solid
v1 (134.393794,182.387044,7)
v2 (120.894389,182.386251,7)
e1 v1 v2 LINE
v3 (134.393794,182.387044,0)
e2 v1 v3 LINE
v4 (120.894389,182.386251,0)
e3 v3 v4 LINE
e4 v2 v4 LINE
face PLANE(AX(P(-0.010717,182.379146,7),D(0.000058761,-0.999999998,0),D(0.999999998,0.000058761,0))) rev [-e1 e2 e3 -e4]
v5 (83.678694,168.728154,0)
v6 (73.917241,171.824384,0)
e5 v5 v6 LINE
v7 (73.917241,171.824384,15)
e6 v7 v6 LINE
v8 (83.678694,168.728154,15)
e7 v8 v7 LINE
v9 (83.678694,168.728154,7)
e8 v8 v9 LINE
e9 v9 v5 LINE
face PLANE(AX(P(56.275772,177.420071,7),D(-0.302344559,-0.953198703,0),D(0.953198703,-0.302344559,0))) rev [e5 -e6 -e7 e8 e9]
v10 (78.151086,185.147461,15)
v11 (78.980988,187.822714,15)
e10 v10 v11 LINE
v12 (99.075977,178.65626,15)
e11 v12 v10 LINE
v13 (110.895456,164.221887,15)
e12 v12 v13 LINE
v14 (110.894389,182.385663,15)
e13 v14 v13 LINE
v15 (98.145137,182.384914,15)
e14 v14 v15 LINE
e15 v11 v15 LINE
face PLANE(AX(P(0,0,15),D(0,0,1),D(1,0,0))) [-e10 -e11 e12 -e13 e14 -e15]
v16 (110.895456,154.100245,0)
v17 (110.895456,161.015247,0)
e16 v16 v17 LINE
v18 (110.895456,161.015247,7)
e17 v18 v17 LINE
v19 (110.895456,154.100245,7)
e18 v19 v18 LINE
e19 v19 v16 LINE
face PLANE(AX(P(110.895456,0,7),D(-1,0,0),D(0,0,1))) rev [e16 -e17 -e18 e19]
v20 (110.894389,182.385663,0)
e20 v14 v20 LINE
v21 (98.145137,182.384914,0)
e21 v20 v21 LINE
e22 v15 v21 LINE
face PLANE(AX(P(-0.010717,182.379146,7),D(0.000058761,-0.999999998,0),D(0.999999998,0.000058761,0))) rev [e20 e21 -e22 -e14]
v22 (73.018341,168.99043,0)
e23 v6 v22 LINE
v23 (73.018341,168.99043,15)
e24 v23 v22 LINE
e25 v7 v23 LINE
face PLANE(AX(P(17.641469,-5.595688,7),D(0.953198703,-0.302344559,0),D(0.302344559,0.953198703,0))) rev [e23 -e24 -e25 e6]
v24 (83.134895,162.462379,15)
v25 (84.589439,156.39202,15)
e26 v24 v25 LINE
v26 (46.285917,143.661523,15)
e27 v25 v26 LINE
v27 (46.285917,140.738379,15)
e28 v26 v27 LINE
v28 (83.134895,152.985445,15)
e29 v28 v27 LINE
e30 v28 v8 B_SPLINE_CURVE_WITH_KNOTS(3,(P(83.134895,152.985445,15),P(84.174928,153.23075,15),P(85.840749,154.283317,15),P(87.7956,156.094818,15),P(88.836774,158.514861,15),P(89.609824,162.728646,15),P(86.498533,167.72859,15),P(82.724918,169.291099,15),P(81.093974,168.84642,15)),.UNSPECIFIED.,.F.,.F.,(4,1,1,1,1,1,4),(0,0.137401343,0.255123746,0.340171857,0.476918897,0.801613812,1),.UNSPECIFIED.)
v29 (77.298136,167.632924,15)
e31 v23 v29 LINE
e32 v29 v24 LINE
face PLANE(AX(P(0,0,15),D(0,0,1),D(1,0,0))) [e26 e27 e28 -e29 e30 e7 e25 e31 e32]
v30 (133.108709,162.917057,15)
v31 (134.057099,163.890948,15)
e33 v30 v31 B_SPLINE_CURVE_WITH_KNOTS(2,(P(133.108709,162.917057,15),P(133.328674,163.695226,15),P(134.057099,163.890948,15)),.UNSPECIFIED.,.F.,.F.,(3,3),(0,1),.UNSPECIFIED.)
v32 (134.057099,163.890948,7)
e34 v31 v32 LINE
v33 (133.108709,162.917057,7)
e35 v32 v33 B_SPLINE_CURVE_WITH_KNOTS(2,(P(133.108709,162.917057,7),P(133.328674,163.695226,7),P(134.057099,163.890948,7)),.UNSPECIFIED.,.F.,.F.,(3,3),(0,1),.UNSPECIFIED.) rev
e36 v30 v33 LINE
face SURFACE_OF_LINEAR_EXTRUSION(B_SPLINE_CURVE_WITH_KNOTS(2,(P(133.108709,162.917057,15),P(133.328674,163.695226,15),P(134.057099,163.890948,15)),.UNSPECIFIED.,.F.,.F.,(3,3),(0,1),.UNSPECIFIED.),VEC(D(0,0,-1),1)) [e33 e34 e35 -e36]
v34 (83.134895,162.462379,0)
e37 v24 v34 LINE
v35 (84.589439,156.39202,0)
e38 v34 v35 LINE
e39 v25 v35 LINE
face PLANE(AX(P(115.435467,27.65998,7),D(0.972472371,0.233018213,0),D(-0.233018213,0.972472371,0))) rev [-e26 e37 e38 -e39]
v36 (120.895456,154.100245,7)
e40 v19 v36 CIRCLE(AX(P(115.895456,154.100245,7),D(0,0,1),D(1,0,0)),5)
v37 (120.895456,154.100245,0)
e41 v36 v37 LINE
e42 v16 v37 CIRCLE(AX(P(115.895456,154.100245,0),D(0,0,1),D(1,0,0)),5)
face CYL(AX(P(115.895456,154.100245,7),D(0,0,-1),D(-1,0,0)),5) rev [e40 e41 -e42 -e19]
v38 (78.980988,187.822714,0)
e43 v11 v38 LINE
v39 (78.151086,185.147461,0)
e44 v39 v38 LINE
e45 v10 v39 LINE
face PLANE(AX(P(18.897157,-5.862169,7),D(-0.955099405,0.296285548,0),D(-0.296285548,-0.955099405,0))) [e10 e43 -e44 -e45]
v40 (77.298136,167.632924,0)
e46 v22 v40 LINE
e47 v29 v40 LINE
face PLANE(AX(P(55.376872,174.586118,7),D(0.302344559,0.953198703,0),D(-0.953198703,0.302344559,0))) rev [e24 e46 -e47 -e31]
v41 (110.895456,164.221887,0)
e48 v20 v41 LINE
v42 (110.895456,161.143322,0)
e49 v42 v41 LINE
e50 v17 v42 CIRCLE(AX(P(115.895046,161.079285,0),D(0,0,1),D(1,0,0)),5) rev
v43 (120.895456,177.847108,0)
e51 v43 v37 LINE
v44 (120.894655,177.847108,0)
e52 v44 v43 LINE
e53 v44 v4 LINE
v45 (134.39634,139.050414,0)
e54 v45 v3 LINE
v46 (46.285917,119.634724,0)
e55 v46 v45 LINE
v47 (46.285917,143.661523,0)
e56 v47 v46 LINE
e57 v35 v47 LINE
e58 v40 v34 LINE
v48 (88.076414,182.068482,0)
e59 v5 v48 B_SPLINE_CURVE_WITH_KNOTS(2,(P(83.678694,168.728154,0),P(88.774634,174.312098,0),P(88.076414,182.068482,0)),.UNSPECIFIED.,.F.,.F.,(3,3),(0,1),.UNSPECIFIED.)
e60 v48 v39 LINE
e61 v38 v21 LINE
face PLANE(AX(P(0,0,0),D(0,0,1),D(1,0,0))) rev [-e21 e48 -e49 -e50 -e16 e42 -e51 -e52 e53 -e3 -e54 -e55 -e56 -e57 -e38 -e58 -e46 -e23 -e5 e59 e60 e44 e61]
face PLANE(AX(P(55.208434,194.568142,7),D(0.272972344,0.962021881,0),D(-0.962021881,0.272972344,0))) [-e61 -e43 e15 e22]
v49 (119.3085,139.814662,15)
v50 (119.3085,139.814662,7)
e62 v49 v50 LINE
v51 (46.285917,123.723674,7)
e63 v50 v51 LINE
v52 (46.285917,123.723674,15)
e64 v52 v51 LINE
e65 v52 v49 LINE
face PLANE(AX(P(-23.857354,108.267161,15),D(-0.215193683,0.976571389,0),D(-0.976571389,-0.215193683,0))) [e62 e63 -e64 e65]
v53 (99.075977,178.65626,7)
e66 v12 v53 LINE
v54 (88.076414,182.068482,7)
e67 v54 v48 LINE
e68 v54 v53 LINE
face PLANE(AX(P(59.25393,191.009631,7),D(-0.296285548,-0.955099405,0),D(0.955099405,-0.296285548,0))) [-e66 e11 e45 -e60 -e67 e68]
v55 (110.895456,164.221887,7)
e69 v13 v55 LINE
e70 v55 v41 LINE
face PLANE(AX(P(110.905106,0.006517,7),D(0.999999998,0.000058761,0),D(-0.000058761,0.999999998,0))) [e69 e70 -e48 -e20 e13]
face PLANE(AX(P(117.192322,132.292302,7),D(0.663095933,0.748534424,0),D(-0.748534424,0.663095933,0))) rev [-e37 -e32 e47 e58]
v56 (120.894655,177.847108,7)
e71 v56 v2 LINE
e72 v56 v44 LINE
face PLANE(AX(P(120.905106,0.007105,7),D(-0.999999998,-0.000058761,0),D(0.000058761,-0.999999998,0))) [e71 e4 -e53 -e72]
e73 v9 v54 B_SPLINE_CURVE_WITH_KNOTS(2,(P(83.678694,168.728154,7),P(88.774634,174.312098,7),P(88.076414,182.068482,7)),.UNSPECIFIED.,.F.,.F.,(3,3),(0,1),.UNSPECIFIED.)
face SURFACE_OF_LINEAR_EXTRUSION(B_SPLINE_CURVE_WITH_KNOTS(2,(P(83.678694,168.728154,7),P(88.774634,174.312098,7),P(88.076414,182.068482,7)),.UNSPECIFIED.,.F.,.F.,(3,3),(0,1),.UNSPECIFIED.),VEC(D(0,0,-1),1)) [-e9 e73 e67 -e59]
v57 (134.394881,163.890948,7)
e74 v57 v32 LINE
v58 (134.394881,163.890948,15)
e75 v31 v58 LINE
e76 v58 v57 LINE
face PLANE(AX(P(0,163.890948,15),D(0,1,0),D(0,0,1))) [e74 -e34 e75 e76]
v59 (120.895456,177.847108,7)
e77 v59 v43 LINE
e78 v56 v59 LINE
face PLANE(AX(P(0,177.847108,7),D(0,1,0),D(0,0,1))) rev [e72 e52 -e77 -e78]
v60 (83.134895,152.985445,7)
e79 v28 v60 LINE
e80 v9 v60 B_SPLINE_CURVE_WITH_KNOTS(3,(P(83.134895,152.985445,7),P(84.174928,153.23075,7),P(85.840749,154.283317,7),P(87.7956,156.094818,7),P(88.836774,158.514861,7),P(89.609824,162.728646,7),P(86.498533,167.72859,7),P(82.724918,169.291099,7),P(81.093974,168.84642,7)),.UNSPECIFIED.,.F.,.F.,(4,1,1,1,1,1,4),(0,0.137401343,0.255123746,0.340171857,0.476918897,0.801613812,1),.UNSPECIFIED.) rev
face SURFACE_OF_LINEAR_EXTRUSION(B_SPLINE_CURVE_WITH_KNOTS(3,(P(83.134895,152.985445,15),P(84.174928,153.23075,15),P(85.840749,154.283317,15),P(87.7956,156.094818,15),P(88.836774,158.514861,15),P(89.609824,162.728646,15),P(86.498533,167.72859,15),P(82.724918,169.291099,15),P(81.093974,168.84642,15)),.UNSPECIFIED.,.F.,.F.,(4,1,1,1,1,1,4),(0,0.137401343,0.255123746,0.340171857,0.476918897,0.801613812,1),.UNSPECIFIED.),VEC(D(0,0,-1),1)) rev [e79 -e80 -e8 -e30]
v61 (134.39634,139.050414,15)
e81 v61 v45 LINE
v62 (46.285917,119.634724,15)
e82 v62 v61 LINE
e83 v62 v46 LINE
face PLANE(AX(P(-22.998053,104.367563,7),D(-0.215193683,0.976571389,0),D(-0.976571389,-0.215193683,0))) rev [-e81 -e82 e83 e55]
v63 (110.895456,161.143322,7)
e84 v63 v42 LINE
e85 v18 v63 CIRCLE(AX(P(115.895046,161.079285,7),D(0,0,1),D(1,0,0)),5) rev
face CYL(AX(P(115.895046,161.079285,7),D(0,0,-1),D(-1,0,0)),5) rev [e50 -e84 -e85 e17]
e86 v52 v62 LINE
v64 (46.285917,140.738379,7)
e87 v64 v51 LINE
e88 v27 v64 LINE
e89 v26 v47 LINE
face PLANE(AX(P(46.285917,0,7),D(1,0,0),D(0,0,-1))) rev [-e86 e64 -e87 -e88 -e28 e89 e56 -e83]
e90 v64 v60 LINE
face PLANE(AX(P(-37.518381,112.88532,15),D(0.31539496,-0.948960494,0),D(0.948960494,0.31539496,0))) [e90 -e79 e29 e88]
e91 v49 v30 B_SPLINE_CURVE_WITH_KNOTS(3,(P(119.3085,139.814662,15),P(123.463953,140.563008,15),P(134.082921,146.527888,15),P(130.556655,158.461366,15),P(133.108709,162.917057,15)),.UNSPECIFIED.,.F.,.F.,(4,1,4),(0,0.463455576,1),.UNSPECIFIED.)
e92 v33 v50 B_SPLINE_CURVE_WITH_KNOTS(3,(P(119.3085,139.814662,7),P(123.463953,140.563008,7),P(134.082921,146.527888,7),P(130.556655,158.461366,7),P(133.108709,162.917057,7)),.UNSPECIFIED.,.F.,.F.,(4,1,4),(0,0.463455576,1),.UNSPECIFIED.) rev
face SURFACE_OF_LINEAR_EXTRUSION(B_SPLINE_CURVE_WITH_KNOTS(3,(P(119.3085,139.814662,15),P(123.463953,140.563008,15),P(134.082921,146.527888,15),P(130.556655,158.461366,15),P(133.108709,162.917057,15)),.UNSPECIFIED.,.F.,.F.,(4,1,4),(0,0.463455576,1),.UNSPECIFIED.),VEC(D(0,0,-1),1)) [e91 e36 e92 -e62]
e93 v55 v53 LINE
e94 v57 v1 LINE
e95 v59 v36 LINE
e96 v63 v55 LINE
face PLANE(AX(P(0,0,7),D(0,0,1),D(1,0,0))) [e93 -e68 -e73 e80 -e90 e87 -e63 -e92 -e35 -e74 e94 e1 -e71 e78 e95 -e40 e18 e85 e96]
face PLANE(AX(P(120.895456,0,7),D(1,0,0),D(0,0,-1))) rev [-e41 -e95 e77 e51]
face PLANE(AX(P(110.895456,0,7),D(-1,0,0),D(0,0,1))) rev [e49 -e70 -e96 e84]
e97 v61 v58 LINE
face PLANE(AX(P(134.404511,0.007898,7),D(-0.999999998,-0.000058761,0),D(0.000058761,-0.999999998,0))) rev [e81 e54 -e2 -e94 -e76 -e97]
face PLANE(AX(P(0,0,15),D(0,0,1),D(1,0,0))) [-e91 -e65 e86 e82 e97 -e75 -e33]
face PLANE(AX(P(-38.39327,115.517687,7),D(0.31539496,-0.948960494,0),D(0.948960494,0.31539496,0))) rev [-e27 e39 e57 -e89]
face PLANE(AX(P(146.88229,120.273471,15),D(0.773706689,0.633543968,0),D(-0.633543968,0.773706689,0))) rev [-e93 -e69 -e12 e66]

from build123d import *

# Parameters (mm, degrees)
BOSS_EXTRUDE1_DEPTH = 7
BOSS_EXTRUDE3_DEPTH = 15


with BuildPart() as part:
    # Sketch2 → Boss-Extrude1 (new body)
    with BuildSketch(Plane.XY):
        with BuildLine():
            Line((46.285916799, 119.634724339), (134.396340404, 139.050413551))
            Line((134.396340404, 139.050413551), (134.39379389, 182.38704377))
            Line((134.39379389, 182.38704377), (120.894388682, 182.386250529))
            Line((120.894388682, 182.386250529), (120.894655408, 177.847108131))
            Line((120.894655408, 177.847108131), (120.895456025, 177.847108131))
            Line((120.895456025, 177.847108131), (120.895456025, 154.100245399))
            ThreePointArc((120.895456025, 154.100245399), (115.895456025, 149.100245399), (110.895456025, 154.100245399))
            Line((110.895456025, 154.100245399), (110.895456025, 164.221886849))
            Line((110.895456025, 164.221886849), (110.894388699, 182.385662916))
            Line((110.894388699, 182.385662916), (98.145136748, 182.384913754))
            Line((98.145136748, 182.384913754), (78.980988049, 187.822713754))
            Line((78.980988049, 187.822713754), (78.151086328, 185.147461295))
            Line((78.151086328, 185.147461295), (88.076413708, 182.068482243))
            add(Edge.make_bspline(
                [(83.678693998, 168.728153838), (88.77463375, 174.312097996), (88.076413708, 182.068482243)],
                knots=[0, 0, 0, 1, 1, 1], degree=2))
            Line((83.678693998, 168.728153838), (73.917241092, 171.824383576))
            Line((73.917241092, 171.824383576), (73.018341013, 168.990430176))
            Line((73.018341013, 168.990430176), (77.298136398, 167.632924294))
            Line((77.298136398, 167.632924294), (83.134894854, 162.46237946))
            Line((83.134894854, 162.46237946), (84.589439396, 156.392019708))
            Line((84.589439396, 156.392019708), (46.285916799, 143.661523495))
            Line((46.285916799, 143.661523495), (46.285916799, 119.634724339))
        make_face()
    extrude(amount=BOSS_EXTRUDE1_DEPTH)

    # Sketch2<5> → Boss-Extrude3 (add)
    with BuildSketch(Plane.XY):
        Polygon((87.058472282, 182.384262288), (88.076413708, 182.068482243), (99.075977115, 178.656259752), (110.895456025, 164.221886849), (110.895184282, 168.846419808), (110.894388699, 182.385662916), (98.145136748, 182.384913754), align=None)
        Polygon((78.151086328, 185.147461295), (87.058472282, 182.384262288), (98.145136748, 182.384913754), (78.980988049, 187.822713754), align=None)
        with BuildLine():
            Line((46.285916799, 143.661523495), (46.285916799, 140.73837931))
            Line((46.285916799, 140.73837931), (83.134894854, 152.985445474))
            add(Edge.make_bspline(
                [(83.134894854, 152.985445474), (84.174927516, 153.23074968), (85.840748742, 154.28331709), (87.795600381, 156.094817729), (88.836774052, 158.514861149), (89.609824294, 162.728645553), (87.029154532, 166.875865112), (84.288075, 168.507673549), (83.678693998, 168.728153838)],
                knots=[0, 0, 0, 0, 0.137401343, 0.255123746, 0.340171857, 0.476918897, 0.801613812, 0.887468334, 0.887468334, 0.887468334, 0.887468334], degree=3))
            Line((83.678693998, 168.728153838), (83.308823, 168.845473012))
            add(Edge.make_bspline(
                [(83.308823, 168.845473012), (82.615828523, 169.034245679), (81.877979683, 169.060179847), (81.093974035, 168.846419773)],
                knots=[0.904634429, 0.904634429, 0.904634429, 0.904634429, 1, 1, 1, 1], degree=3))
            Line((81.093974035, 168.846419773), (77.298136398, 167.632924294))
            Line((77.298136398, 167.632924294), (83.134894854, 162.46237946))
            Line((83.134894854, 162.46237946), (84.589439396, 156.392019708))
            Line((84.589439396, 156.392019708), (46.285916799, 143.661523495))
        make_face()
        with BuildLine():
            Line((73.018341013, 168.990430176), (77.298136398, 167.632924294))
            Line((77.298136398, 167.632924294), (81.093974035, 168.846419773))
            add(Edge.make_bspline(
                [(83.308823, 168.845473012), (82.615828523, 169.034245679), (81.877979683, 169.060179847), (81.093974035, 168.846419773)],
                knots=[0.904634429, 0.904634429, 0.904634429, 0.904634429, 1, 1, 1, 1], degree=3))
            Line((83.308823, 168.845473012), (73.917241092, 171.824383576))
            Line((73.917241092, 171.824383576), (73.018341013, 168.990430176))
        make_face()
        with BuildLine():
            Line((119.308499738, 139.814661997), (46.285916799, 123.723673918))
            Line((46.285916799, 123.723673918), (46.285916799, 119.634724339))
            Line((46.285916799, 119.634724339), (134.396340404, 139.050413551))
            Line((134.396340404, 139.050413551), (134.394880743, 163.890947893))
            Line((134.394880743, 163.890947893), (134.0570987, 163.890947893))
            add(Edge.make_bspline(
                [(133.108709045, 162.9170571), (133.328673606, 163.695225929), (134.0570987, 163.890947893)],
                knots=[0, 0, 0, 1, 1, 1], degree=2))
            add(Edge.make_bspline(
                [(119.308499738, 139.814661997), (123.463953154, 140.563007639), (134.082921071, 146.527888), (130.556655112, 158.461365551), (133.108709045, 162.9170571)],
                knots=[0, 0, 0, 0, 0.463455576, 1, 1, 1, 1], degree=3))
        make_face()
    extrude(amount=BOSS_EXTRUDE3_DEPTH)


solid = part.part
